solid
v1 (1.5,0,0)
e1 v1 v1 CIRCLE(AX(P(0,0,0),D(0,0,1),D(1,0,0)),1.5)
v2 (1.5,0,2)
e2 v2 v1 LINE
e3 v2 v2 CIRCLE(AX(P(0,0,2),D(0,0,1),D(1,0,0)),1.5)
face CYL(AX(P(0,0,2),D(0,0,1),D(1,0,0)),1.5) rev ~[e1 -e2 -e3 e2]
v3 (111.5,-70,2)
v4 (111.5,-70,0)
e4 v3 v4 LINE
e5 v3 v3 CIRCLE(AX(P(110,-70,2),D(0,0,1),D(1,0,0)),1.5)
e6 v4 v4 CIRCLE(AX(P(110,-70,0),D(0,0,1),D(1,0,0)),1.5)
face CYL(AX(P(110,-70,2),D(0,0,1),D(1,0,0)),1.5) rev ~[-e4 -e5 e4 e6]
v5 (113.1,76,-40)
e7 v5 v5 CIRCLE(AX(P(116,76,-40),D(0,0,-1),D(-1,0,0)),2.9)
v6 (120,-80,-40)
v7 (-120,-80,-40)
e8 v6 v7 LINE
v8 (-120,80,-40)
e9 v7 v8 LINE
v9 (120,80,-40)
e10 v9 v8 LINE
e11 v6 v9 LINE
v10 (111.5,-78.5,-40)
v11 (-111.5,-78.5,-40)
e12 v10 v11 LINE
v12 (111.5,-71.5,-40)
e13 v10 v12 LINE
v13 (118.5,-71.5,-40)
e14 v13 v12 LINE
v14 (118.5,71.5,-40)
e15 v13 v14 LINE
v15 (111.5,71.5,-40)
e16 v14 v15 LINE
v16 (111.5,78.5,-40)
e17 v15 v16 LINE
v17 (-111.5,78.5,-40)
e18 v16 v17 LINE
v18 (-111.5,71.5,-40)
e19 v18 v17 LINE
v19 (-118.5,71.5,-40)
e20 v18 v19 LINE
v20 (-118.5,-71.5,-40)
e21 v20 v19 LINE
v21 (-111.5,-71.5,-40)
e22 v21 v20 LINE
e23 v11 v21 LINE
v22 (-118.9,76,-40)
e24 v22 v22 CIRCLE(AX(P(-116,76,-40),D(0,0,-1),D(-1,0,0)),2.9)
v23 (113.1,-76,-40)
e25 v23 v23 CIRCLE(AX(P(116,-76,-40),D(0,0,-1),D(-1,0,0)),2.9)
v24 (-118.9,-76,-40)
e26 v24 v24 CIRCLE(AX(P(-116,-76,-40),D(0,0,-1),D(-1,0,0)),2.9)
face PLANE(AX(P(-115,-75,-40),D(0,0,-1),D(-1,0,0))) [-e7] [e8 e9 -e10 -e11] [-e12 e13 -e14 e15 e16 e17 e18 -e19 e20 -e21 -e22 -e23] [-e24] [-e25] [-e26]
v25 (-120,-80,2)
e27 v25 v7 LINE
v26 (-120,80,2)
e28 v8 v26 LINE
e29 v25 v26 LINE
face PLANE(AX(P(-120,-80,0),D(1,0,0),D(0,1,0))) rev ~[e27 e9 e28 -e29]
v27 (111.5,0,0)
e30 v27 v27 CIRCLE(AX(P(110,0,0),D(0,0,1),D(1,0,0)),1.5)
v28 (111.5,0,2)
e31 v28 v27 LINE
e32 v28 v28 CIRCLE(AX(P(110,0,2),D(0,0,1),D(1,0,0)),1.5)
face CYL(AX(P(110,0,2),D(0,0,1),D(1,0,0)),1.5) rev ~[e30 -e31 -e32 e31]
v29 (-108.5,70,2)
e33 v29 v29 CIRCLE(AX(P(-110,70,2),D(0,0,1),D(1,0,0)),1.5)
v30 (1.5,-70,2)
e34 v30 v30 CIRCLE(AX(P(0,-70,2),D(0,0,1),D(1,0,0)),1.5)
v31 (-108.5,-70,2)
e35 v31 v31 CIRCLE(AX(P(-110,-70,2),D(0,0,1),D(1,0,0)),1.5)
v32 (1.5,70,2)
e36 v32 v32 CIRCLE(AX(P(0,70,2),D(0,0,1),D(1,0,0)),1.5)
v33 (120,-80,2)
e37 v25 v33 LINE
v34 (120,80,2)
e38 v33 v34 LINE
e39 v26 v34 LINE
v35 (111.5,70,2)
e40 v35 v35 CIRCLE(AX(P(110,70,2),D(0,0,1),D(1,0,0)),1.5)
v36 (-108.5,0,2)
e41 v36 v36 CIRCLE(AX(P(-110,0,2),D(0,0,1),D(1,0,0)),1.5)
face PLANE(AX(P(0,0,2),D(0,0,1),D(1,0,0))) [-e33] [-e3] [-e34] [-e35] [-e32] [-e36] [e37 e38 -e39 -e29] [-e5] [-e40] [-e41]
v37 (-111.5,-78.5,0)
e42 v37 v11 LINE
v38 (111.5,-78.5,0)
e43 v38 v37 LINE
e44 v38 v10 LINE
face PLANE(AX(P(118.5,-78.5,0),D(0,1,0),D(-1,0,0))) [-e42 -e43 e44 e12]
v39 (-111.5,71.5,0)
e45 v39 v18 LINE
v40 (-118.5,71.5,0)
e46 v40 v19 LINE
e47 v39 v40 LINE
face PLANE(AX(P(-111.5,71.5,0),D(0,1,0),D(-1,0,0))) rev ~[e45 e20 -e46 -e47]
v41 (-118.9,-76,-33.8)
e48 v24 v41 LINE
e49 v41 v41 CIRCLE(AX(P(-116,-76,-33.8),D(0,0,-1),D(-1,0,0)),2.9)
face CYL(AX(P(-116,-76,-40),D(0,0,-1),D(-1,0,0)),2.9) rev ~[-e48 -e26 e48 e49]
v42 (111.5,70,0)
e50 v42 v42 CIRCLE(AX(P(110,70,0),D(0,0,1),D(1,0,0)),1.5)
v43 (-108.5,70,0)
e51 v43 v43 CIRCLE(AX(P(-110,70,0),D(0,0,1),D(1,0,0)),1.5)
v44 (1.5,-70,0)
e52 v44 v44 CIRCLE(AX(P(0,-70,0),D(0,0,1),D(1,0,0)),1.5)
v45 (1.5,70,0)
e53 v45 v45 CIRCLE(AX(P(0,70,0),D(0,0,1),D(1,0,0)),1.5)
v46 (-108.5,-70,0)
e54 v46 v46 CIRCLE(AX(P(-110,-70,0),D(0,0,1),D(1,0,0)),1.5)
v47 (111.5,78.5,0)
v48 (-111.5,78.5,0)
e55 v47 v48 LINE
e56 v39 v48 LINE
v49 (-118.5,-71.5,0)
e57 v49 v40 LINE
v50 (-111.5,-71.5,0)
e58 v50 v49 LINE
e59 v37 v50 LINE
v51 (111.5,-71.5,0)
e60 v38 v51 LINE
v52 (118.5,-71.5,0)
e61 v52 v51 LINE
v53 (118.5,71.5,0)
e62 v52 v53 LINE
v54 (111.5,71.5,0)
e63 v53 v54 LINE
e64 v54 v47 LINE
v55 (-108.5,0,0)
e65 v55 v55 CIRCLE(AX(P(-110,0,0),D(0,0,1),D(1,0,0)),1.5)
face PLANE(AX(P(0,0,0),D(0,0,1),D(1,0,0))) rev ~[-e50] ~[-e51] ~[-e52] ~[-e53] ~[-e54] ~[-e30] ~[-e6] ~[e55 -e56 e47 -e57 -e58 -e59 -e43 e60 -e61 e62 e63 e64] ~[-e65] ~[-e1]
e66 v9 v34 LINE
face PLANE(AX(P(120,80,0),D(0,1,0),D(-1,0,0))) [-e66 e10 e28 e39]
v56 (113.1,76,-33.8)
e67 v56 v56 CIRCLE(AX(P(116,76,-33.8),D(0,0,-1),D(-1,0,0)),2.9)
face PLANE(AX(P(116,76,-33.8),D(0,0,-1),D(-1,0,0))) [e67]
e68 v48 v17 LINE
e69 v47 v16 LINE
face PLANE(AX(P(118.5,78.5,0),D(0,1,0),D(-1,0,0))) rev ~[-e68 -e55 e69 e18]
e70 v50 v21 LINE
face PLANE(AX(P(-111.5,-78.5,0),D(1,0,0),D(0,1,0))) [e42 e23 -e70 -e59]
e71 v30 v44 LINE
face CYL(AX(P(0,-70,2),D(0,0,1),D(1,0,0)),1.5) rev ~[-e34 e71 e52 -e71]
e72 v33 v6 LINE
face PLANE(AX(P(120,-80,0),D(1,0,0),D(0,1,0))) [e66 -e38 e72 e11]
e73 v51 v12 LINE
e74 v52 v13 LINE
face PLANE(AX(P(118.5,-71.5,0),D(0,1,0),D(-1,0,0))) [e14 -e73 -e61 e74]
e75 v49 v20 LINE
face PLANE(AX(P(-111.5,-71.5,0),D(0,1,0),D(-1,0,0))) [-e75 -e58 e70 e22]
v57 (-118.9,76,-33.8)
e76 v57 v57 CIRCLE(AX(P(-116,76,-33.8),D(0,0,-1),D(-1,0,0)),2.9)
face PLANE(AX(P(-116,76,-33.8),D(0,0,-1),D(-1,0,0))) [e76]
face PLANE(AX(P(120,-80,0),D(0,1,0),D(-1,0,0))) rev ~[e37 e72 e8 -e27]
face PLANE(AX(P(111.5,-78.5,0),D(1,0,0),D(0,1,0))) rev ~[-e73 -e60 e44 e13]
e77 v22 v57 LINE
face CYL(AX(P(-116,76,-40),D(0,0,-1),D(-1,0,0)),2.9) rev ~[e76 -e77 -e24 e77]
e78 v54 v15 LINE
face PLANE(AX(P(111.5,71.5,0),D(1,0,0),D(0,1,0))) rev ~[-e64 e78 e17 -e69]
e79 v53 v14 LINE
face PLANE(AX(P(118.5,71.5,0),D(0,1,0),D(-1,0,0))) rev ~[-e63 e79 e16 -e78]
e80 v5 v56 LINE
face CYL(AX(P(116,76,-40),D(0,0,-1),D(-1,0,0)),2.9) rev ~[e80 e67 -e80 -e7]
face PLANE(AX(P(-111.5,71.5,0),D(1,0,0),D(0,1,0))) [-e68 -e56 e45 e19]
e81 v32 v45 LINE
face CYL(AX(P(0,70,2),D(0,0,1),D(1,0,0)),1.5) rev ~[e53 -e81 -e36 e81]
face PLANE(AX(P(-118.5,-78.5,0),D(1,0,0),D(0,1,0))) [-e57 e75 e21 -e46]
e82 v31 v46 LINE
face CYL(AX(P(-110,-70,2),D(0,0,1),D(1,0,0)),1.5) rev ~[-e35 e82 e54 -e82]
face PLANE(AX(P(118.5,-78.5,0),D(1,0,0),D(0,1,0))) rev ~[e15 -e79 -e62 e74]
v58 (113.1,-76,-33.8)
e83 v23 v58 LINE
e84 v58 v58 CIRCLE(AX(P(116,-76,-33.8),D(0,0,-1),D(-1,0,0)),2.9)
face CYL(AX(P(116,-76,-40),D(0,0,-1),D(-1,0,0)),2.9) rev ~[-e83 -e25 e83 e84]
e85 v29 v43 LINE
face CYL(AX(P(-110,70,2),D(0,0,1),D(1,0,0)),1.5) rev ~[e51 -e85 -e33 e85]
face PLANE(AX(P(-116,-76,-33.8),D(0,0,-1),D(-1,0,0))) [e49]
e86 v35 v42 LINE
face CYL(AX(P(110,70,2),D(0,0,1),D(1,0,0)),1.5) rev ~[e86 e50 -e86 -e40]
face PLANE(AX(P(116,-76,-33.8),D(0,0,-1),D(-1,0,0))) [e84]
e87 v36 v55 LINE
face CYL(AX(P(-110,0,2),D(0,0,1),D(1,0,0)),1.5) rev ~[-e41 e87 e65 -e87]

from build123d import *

# Parameters (mm, degrees)
SKETCH1_W           = 240
SKETCH1_H           = 160
BOSS_EXTRUDE1_DEPTH = 2
SKETCH5_R           = 1.5
CUT_EXTRUDE2_DEPTH  = 4
SKETCH6_W           = 240
SKETCH6_H           = 160
SKETCH6_W_2         = 237
SKETCH6_H_2         = 157
BOSS_EXTRUDE2_DEPTH = 40
SKETCH7_W           = 7
SKETCH7_H           = 7
BOSS_EXTRUDE3_DEPTH = 40
SKETCH8_R           = 2.9
CUT_EXTRUDE3_DEPTH  = 6.2


with BuildPart() as part:
    # Sketch1 → Boss-Extrude1 (new body)
    with BuildSketch(Plane.XY):
        Rectangle(SKETCH1_W, SKETCH1_H)
    extrude(amount=BOSS_EXTRUDE1_DEPTH)

    # Sketch5 → Cut-Extrude2 (cut)
    with BuildSketch(Plane.XY.offset(2)):
        with Locations((-110, 70)):
            Circle(SKETCH5_R)
        with Locations((0, 70)):
            Circle(SKETCH5_R)
        with Locations((110, 70)):
            Circle(SKETCH5_R)
        Circle(SKETCH5_R)
        with Locations((110, 0)):
            Circle(SKETCH5_R)
        with Locations((0, -70)):
            Circle(SKETCH5_R)
        with Locations((110, -70)):
            Circle(SKETCH5_R)
        with Locations((-110, 0)):
            Circle(SKETCH5_R)
        with Locations((-110, -70)):
            Circle(SKETCH5_R)
    extrude(amount=-CUT_EXTRUDE2_DEPTH, mode=Mode.SUBTRACT)

    # Sketch6 → Boss-Extrude2 (add)
    with BuildSketch(Plane(origin=(0, 0, 0), x_dir=(-1, 0, 0), z_dir=(0, 0, -1))):
        Rectangle(SKETCH6_W, SKETCH6_H)
        Rectangle(SKETCH6_W_2, SKETCH6_H_2, mode=Mode.SUBTRACT)
    extrude(amount=BOSS_EXTRUDE2_DEPTH)

    # Sketch7 → Boss-Extrude3 (add)
    with BuildSketch(Plane(origin=(0, 0, 0), x_dir=(-1, 0, 0), z_dir=(0, 0, -1))):
        with Locations((115, -75)):
            Rectangle(SKETCH7_W, SKETCH7_H)
        with Locations((115, 75)):
            Rectangle(SKETCH7_W, SKETCH7_H)
        with Locations((-115, 75)):
            Rectangle(SKETCH7_W, SKETCH7_H)
        with Locations((-115, -75)):
            Rectangle(SKETCH7_W, SKETCH7_H)
    extrude(amount=BOSS_EXTRUDE3_DEPTH)

    # Sketch8 → Cut-Extrude3 (cut)
    with BuildSketch(Plane(origin=(0, 0, -40), x_dir=(-1, 0, 0), z_dir=(0, 0, -1))):
        with Locations((116, -76)):
            Circle(SKETCH8_R)
        with Locations((116, 76)):
            Circle(SKETCH8_R)
        with Locations((-116, 76)):
            Circle(SKETCH8_R)
        with Locations((-116, -76)):
            Circle(SKETCH8_R)
    extrude(amount=-CUT_EXTRUDE3_DEPTH, mode=Mode.SUBTRACT)


solid = part.part
